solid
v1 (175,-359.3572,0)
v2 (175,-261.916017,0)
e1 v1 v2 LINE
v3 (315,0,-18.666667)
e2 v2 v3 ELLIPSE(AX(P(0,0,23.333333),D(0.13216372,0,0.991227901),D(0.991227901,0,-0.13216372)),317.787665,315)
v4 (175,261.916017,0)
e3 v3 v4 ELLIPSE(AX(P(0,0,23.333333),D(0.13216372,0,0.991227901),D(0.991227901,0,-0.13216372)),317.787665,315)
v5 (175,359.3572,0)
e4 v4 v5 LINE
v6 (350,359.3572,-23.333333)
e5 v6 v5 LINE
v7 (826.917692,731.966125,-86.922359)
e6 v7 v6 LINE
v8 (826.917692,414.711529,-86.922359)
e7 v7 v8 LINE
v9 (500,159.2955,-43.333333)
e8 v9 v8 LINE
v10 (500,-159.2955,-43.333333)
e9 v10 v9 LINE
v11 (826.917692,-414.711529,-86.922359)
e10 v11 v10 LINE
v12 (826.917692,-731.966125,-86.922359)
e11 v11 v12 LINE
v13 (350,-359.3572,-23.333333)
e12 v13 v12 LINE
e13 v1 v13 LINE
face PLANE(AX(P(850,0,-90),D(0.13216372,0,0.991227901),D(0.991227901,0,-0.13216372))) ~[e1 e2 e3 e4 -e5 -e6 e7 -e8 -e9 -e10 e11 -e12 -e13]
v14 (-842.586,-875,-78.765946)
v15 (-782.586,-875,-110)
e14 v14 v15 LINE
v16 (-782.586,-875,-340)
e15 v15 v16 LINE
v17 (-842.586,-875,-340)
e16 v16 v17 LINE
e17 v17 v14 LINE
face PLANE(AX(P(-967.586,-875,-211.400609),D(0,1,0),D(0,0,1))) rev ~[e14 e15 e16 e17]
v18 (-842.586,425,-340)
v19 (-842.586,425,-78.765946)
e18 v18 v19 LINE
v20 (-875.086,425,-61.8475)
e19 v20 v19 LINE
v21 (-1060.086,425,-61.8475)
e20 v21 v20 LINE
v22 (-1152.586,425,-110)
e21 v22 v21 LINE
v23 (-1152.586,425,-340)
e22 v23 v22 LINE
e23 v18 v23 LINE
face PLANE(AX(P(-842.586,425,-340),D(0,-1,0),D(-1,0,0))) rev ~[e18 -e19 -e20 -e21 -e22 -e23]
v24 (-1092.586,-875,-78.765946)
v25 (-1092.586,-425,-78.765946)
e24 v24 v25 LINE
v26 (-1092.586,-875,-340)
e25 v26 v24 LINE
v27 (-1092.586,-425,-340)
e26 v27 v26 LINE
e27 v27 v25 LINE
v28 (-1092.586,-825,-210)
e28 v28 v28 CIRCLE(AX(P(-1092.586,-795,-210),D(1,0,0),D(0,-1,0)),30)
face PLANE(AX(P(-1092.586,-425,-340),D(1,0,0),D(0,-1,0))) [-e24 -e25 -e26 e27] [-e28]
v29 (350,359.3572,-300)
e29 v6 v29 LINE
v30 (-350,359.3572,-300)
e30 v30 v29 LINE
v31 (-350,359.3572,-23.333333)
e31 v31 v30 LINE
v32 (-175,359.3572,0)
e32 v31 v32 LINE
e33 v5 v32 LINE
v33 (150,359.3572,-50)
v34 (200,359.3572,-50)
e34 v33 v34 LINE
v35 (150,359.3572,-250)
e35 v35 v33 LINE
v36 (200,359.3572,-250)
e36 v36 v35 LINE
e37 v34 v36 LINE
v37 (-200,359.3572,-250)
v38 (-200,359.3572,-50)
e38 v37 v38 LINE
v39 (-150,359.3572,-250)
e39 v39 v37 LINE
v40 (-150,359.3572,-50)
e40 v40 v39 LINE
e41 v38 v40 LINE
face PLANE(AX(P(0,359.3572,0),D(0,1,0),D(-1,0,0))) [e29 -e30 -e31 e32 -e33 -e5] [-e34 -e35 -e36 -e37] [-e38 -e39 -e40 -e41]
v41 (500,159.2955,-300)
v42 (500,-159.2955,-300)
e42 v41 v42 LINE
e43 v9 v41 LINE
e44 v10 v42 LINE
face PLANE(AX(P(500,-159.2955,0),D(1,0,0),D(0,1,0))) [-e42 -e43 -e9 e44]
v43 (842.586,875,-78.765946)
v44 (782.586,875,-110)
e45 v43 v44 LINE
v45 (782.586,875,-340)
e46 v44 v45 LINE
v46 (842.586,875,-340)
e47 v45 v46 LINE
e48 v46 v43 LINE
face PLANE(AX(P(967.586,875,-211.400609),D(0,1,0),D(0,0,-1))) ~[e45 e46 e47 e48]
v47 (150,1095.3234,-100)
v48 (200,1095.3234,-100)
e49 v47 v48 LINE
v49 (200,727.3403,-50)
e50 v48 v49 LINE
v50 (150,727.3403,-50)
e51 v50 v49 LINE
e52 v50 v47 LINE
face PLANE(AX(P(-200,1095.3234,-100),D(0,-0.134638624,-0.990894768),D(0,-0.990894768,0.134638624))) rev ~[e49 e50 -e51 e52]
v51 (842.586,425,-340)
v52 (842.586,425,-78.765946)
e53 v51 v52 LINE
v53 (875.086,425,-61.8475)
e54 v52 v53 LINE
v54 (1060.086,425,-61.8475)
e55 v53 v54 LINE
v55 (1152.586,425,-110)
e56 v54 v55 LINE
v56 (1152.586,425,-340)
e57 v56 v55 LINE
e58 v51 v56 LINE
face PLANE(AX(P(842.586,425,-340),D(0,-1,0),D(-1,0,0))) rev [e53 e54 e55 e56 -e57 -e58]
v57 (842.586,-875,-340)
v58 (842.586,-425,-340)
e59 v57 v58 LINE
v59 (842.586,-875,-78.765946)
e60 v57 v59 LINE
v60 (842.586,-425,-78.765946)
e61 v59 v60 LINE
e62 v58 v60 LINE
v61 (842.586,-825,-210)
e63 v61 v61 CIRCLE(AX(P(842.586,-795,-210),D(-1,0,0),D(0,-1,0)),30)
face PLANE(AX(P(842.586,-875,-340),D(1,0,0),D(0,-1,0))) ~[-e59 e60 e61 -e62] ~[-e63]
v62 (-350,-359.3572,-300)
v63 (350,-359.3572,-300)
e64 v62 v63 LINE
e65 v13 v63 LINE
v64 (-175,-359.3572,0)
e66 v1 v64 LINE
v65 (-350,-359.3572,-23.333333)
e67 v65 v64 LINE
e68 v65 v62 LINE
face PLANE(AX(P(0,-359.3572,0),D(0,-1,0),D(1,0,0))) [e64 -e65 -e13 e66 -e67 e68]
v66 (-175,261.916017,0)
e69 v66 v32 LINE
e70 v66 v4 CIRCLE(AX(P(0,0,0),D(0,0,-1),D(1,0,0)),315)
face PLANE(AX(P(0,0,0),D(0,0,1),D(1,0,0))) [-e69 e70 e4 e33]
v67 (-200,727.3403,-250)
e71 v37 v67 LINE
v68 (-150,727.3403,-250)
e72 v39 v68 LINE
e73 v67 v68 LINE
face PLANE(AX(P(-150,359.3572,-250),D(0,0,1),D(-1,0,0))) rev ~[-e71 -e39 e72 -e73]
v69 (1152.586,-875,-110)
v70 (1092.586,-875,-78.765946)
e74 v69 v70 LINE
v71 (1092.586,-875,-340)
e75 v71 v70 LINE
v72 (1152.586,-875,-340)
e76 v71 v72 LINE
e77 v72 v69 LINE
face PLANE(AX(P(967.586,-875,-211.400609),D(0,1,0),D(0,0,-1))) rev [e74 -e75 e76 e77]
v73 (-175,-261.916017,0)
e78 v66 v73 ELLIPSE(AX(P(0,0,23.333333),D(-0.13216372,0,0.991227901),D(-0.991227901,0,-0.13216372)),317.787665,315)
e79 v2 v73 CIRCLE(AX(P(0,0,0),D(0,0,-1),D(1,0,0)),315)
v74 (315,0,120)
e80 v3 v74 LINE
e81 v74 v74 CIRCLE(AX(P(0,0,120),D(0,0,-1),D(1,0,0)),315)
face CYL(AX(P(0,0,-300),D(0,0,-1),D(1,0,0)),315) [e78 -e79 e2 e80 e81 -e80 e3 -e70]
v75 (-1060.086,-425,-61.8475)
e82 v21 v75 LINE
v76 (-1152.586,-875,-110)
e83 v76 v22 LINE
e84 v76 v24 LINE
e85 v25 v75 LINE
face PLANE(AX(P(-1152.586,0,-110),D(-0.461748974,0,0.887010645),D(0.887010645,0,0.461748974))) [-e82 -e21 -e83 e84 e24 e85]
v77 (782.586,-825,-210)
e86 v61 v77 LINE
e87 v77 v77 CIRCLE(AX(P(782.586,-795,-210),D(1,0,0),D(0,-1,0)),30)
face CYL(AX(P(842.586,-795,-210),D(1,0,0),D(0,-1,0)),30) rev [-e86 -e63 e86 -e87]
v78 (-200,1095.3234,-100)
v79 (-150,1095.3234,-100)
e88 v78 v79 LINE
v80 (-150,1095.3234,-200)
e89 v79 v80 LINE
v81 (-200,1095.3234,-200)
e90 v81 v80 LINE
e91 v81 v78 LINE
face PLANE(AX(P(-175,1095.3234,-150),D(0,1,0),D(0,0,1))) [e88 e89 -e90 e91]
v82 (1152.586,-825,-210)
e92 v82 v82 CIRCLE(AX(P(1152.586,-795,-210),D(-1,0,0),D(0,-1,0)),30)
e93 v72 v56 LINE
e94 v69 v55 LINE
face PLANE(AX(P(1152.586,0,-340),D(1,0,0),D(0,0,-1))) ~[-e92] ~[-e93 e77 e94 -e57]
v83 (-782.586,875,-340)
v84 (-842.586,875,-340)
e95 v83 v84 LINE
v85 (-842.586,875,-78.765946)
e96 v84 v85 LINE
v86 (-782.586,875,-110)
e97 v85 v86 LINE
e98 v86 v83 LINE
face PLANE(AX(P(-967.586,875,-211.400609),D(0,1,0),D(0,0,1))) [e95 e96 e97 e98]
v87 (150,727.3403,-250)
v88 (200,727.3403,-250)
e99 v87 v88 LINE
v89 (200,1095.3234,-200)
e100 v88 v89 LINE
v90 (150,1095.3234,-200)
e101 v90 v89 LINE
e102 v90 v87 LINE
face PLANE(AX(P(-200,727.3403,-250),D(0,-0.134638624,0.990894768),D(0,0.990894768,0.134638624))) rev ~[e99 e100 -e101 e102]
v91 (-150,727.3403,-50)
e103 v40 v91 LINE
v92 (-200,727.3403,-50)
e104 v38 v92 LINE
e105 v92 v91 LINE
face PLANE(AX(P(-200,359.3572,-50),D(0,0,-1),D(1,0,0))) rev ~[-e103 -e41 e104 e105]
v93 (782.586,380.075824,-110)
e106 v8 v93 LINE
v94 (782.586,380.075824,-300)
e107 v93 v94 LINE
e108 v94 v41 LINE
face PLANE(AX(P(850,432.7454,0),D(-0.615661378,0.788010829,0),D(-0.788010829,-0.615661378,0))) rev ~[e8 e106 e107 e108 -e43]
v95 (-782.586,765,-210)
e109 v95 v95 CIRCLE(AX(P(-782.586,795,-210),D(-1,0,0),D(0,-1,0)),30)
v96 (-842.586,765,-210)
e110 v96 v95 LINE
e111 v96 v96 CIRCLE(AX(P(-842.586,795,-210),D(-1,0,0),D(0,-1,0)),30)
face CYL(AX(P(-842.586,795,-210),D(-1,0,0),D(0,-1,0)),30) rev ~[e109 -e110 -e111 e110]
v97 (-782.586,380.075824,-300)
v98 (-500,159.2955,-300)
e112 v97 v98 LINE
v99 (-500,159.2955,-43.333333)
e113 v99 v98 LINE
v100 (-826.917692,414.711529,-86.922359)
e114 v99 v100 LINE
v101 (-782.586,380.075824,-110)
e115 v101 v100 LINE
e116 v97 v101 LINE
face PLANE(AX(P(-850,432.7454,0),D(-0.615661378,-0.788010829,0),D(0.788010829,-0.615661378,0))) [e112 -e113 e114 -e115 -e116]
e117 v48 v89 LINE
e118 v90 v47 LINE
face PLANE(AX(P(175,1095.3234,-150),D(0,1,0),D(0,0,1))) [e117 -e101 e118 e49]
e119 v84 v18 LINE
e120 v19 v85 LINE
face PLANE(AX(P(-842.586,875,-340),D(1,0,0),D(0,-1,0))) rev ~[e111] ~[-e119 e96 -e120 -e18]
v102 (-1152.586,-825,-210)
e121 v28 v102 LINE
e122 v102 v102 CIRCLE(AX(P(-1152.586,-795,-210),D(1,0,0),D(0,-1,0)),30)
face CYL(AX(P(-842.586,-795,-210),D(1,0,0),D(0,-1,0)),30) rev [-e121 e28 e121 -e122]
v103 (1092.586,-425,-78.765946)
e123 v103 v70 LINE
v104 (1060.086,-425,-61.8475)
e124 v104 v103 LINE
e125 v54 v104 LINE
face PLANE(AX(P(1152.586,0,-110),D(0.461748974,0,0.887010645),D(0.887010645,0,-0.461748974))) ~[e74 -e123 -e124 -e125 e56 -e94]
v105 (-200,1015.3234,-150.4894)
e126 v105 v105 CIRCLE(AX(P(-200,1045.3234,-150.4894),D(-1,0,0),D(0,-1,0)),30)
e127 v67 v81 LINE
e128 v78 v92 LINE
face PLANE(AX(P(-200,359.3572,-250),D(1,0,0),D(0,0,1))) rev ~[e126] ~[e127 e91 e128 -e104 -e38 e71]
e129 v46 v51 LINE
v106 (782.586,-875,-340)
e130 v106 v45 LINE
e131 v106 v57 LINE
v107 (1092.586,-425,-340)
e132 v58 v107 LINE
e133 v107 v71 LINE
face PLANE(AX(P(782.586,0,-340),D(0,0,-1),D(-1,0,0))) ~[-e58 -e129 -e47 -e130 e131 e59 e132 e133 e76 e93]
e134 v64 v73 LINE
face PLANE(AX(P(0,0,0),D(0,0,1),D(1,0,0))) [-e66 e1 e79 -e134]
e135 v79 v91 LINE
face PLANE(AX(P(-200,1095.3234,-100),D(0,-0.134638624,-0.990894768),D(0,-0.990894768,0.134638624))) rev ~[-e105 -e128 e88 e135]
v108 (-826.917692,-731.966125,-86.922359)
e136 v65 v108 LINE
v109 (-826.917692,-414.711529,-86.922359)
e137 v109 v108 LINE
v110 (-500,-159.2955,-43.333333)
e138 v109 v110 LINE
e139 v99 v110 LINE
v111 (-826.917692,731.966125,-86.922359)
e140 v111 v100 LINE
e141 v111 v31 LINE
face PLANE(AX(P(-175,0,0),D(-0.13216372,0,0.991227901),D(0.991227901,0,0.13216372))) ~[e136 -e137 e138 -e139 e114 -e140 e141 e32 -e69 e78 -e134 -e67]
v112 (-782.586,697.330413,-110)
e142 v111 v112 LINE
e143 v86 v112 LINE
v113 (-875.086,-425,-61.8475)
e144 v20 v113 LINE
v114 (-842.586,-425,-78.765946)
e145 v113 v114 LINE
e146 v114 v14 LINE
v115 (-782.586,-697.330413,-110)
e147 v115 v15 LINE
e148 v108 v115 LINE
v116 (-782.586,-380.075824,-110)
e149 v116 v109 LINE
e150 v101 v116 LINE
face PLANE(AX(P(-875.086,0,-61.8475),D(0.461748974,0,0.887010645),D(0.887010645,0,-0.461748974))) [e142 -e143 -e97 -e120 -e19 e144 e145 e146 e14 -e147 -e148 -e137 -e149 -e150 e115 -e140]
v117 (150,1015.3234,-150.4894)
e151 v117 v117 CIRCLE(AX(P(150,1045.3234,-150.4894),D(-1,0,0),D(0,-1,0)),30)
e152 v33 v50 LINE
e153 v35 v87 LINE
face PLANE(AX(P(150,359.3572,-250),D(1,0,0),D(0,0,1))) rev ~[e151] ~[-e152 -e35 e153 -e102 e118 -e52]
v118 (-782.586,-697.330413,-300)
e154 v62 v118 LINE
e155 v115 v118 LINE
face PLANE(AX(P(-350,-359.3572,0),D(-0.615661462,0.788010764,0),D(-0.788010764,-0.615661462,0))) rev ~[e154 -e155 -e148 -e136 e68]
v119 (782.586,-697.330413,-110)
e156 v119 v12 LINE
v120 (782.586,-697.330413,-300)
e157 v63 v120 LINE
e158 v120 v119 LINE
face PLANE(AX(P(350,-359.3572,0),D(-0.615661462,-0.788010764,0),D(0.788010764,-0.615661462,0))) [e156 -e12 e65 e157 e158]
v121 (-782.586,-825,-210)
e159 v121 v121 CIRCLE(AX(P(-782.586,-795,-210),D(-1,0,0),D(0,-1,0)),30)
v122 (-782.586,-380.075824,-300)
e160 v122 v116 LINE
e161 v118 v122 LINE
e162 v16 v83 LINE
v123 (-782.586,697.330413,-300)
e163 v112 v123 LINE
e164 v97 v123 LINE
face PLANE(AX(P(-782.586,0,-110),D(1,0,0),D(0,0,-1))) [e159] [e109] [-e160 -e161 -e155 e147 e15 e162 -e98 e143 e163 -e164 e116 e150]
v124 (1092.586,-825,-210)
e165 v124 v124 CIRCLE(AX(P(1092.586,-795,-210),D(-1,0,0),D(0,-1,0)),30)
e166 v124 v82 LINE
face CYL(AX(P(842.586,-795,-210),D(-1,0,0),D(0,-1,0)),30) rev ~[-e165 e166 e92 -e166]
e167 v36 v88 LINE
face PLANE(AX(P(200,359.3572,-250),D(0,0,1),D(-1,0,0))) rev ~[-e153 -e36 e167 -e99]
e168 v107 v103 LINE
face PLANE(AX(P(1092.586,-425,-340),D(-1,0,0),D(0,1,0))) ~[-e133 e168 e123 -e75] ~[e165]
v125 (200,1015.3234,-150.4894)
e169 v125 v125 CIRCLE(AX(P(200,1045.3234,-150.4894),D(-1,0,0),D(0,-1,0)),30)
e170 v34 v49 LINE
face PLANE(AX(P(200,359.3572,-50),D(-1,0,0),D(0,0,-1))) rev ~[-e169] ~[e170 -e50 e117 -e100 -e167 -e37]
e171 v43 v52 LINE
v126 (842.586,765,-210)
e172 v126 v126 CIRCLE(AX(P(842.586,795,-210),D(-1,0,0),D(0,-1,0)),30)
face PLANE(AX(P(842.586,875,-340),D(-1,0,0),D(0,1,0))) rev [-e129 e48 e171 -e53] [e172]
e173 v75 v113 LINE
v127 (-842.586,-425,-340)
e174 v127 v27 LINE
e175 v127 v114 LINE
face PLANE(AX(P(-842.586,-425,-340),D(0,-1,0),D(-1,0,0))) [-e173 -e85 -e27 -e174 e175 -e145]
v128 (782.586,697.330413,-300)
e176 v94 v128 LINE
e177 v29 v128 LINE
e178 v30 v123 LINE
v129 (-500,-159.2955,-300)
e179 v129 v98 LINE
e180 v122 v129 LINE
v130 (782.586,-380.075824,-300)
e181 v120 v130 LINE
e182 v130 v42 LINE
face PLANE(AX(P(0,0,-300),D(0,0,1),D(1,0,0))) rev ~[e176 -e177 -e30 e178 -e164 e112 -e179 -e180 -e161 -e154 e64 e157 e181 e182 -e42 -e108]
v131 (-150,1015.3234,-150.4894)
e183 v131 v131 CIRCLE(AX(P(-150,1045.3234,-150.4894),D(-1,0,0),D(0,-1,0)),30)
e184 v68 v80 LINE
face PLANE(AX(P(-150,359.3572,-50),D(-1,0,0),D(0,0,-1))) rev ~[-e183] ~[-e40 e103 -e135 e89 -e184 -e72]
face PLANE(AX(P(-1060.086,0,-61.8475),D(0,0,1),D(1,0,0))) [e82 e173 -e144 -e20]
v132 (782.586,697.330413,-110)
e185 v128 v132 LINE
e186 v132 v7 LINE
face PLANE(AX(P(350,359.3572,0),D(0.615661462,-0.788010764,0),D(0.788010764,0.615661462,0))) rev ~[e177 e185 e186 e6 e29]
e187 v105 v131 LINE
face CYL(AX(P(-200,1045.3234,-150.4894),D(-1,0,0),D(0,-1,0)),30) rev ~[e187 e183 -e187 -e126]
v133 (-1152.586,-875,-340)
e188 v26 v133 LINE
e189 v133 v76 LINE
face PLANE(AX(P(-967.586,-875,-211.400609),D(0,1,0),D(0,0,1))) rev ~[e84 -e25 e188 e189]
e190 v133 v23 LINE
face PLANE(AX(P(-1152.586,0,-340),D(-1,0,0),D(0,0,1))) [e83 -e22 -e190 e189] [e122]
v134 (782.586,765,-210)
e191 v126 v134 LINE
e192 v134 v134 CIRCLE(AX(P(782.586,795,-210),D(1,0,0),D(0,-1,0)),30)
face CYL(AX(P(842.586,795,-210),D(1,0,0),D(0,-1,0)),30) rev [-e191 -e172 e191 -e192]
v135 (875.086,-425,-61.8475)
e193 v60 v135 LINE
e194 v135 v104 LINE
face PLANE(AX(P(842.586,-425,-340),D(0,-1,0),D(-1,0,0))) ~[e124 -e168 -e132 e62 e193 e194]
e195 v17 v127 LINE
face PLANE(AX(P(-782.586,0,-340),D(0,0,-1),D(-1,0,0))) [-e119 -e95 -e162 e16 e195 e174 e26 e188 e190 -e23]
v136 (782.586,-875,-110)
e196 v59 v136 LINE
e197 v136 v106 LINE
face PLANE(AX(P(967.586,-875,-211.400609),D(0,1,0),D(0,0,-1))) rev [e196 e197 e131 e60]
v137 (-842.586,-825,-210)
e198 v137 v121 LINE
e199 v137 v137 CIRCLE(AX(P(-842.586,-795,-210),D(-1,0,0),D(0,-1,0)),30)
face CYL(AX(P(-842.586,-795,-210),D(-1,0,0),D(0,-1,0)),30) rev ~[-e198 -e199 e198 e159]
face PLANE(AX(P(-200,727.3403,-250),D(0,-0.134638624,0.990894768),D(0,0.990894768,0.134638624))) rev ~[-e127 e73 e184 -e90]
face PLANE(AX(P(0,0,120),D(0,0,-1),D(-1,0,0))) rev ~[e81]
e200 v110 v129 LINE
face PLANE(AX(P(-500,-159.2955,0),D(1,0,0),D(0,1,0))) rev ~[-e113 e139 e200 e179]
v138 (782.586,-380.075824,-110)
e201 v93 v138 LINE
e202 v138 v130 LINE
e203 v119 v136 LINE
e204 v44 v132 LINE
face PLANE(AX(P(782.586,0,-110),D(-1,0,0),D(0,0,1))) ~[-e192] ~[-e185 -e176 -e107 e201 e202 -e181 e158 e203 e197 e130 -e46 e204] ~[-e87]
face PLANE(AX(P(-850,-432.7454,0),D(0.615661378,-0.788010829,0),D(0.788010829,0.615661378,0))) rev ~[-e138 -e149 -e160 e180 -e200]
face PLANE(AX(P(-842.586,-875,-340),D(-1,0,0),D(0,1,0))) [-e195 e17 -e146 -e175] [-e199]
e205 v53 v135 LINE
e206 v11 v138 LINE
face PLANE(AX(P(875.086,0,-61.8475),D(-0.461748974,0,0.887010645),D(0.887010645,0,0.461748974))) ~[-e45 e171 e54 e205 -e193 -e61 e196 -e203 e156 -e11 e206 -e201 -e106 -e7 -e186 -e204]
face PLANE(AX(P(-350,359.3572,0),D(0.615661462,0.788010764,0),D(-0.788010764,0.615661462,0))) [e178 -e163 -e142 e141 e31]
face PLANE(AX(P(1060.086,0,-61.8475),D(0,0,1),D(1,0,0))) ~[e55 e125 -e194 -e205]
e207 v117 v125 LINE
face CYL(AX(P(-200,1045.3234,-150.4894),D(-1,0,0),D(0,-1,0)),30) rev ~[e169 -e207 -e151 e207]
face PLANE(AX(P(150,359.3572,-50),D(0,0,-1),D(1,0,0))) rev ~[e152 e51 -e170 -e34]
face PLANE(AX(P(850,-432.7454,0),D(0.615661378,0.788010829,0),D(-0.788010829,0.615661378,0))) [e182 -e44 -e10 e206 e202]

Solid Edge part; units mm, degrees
sketch "Sketch1" plane through (0, 0, 0) normal (0, 0, 1) x (1, 0, 0)
  line L0 (0, -359.3572) -> (350, -359.3572)
  line L1 (350, -359.3572) -> (850, -750)
  line L2 (850, -750) -> (850, -432.7454)
  line L3 (850, -432.7454) -> (500, -159.2955)
  line L4 (500, -159.2955) -> (500, 0)
  line L5 (500, 159.2955) -> (500, 0)
  line L6 (850, 432.7454) -> (500, 159.2955)
  line L7 (850, 750) -> (850, 432.7454)
  line L8 (350, 359.3572) -> (850, 750)
  line L9 (0, 359.3572) -> (350, 359.3572)
  line L10 (0, 359.3572) -> (-350, 359.3572)
  line L11 (-350, 359.3572) -> (-850, 750)
  line L12 (-850, 750) -> (-850, 432.7454)
  line L13 (-850, 432.7454) -> (-500, 159.2955)
  line L14 (-500, 159.2955) -> (-500, 0)
  line L15 (-500, -159.2955) -> (-500, 0)
  line L16 (-850, -432.7454) -> (-500, -159.2955)
  line L17 (-850, -750) -> (-850, -432.7454)
  line L18 (-350, -359.3572) -> (-850, -750)
  line L19 (0, -359.3572) -> (-350, -359.3572)
  dimension "D1" = 350
  dimension "D2" = 250
  dimension "D3" = 500
  dimension "D4" = 850
  dimension "D5" = 750
extrude "Protrusion1" add sketch "Sketch1" against normal blind 300
sketch "Sketch2" plane through (0, 0, 0) normal (0, -1, 0) x (1, 0, 0)
  line L0 (850, -90) -> (175, 0)
  line L1 (175, 0) -> (850, 0)
  line L2 (850, 0) -> (850, -90)
  line L3 (-175, 0) -> (-850, -90)
  line L4 (-850, -90) -> (-850, 0)
  line L5 (-850, 0) -> (-175, 0)
  dimension "D1" = 90
extrude "Cutout1" cut sketch "Sketch2" against normal through all
mirror "Mirror1" about plane through (0, 0, 0) normal (0, -1, 0) of "Cutout1"
sketch "Sketch3" plane through (0, 0, -300) normal (0, 0, -1) x (1, 0, 0)
  circle A0 centre (0, 0) radius 315
extrude "Protrusion2" add sketch "Sketch3" against normal blind 420
sketch "Sketch4" plane through (0, 0, 0) normal (0, -1, 0) x (1, 0, 0)
  line L0 (-782.586, -110) -> (-782.586, -340)
  line L1 (-782.586, -340) -> (-1152.586, -340)
  line L2 (-1152.586, -340) -> (-1152.586, -110)
  line L3 (-1152.586, -110) -> (-1060.086, -61.8475)
  line L4 (-1060.086, -61.8475) -> (-875.086, -61.8475)
  line L5 (-875.086, -61.8475) -> (-782.586, -110)
  dimension "D1" = 230
  dimension "D2" = 370
  dimension "D3" = 40
extrude "ExtrudedProtrusion_3" add sketch "Sketch4" along normal mid plane 1750
sketch "Sketch5" plane through (-967.586, 0, -340) normal (0, 0, -1) x (1, 0, 0)
  line L0 (-125, 875) -> (125, 875)
  line L1 (125, 875) -> (125, 425)
  line L2 (125, 425) -> (-125, 425)
  line L3 (-125, 425) -> (-125, 875)
  dimension "D1" = 450
  dimension "D2" = 250
  dimension "D3" = 60
extrude "Cutout3" cut sketch "Sketch5" against normal through all
sketch "Sketch6" plane through (-967.586, 0, -340) normal (0, 0, -1) x (-1, 0, 0)
  line L0 (185, 875) -> (-125, 875)
  line L1 (-125, 875) -> (-125, 425)
  line L2 (-125, 425) -> (185, 425)
  line L3 (185, 425) -> (185, 875)
  dimension "D1" = 450
  dimension "D2" = 310
  dimension "D3" = 60
extrude "Cutout4" cut sketch "Sketch6" against normal through all
sketch "Sketch7" plane through (-842.586, 725, -209.383) normal (-1, 0, 0) x (0, -1, 0)
  circle A0 centre (1520, -0.617) radius 30
  circle A1 centre (-70, -0.617) radius 30
  dimension "D1" = 60
  dimension "D2" = 80
  dimension "D3" = 130
  dimension "D4" = 130
  dimension "D5" = 80
  dimension "D6" = 60
extrude "ExtrudedCutout_8" cut sketch "Sketch7" along normal mid plane 1000
mirror "Mirror2" about plane through (0, 0, 0) normal (1, 0, 0) of "ExtrudedProtrusion_3", "Cutout3", "Cutout4", "ExtrudedCutout_8"
sketch "Sketch8" plane through (0, 359.3572, -150) normal (0, 1, 0) x (-1, 0, 0)
  line L0 (-200, 100) -> (-200, -100)
  line L1 (-200, -100) -> (-150, -100)
  line L2 (-150, -100) -> (-150, 100)
  line L3 (-150, 100) -> (-200, 100)
  line L4 (150, -100) -> (200, -100)
  line L5 (200, -100) -> (200, 100)
  line L6 (200, 100) -> (150, 100)
  line L7 (150, 100) -> (150, -100)
extrude "Protrusion4" add sketch "Sketch8" along normal blind 735.9662
sketch "Sketch9" plane through (-200, 727.3403, -150) normal (-1, 0, 0) x (0, -1, 0)
  line L0 (0, -100) -> (-367.9831, -50)
  line L1 (-367.9831, -50) -> (-367.9831, -100)
  line L2 (-367.9831, -100) -> (0, -100)
  line L3 (-367.9831, 50) -> (0, 100)
  line L4 (0, 100) -> (-367.9831, 100)
  line L5 (-367.9831, 100) -> (-367.9831, 50)
  circle A0 centre (-317.9831, -0.4894) radius 30
  dimension "D1" = 50
  dimension "D2" = 367.9831
  dimension "D3" = 50
  dimension "D4" = 60
extrude "ExtrudedCutout_15" cut sketch "Sketch9" against normal blind 400
